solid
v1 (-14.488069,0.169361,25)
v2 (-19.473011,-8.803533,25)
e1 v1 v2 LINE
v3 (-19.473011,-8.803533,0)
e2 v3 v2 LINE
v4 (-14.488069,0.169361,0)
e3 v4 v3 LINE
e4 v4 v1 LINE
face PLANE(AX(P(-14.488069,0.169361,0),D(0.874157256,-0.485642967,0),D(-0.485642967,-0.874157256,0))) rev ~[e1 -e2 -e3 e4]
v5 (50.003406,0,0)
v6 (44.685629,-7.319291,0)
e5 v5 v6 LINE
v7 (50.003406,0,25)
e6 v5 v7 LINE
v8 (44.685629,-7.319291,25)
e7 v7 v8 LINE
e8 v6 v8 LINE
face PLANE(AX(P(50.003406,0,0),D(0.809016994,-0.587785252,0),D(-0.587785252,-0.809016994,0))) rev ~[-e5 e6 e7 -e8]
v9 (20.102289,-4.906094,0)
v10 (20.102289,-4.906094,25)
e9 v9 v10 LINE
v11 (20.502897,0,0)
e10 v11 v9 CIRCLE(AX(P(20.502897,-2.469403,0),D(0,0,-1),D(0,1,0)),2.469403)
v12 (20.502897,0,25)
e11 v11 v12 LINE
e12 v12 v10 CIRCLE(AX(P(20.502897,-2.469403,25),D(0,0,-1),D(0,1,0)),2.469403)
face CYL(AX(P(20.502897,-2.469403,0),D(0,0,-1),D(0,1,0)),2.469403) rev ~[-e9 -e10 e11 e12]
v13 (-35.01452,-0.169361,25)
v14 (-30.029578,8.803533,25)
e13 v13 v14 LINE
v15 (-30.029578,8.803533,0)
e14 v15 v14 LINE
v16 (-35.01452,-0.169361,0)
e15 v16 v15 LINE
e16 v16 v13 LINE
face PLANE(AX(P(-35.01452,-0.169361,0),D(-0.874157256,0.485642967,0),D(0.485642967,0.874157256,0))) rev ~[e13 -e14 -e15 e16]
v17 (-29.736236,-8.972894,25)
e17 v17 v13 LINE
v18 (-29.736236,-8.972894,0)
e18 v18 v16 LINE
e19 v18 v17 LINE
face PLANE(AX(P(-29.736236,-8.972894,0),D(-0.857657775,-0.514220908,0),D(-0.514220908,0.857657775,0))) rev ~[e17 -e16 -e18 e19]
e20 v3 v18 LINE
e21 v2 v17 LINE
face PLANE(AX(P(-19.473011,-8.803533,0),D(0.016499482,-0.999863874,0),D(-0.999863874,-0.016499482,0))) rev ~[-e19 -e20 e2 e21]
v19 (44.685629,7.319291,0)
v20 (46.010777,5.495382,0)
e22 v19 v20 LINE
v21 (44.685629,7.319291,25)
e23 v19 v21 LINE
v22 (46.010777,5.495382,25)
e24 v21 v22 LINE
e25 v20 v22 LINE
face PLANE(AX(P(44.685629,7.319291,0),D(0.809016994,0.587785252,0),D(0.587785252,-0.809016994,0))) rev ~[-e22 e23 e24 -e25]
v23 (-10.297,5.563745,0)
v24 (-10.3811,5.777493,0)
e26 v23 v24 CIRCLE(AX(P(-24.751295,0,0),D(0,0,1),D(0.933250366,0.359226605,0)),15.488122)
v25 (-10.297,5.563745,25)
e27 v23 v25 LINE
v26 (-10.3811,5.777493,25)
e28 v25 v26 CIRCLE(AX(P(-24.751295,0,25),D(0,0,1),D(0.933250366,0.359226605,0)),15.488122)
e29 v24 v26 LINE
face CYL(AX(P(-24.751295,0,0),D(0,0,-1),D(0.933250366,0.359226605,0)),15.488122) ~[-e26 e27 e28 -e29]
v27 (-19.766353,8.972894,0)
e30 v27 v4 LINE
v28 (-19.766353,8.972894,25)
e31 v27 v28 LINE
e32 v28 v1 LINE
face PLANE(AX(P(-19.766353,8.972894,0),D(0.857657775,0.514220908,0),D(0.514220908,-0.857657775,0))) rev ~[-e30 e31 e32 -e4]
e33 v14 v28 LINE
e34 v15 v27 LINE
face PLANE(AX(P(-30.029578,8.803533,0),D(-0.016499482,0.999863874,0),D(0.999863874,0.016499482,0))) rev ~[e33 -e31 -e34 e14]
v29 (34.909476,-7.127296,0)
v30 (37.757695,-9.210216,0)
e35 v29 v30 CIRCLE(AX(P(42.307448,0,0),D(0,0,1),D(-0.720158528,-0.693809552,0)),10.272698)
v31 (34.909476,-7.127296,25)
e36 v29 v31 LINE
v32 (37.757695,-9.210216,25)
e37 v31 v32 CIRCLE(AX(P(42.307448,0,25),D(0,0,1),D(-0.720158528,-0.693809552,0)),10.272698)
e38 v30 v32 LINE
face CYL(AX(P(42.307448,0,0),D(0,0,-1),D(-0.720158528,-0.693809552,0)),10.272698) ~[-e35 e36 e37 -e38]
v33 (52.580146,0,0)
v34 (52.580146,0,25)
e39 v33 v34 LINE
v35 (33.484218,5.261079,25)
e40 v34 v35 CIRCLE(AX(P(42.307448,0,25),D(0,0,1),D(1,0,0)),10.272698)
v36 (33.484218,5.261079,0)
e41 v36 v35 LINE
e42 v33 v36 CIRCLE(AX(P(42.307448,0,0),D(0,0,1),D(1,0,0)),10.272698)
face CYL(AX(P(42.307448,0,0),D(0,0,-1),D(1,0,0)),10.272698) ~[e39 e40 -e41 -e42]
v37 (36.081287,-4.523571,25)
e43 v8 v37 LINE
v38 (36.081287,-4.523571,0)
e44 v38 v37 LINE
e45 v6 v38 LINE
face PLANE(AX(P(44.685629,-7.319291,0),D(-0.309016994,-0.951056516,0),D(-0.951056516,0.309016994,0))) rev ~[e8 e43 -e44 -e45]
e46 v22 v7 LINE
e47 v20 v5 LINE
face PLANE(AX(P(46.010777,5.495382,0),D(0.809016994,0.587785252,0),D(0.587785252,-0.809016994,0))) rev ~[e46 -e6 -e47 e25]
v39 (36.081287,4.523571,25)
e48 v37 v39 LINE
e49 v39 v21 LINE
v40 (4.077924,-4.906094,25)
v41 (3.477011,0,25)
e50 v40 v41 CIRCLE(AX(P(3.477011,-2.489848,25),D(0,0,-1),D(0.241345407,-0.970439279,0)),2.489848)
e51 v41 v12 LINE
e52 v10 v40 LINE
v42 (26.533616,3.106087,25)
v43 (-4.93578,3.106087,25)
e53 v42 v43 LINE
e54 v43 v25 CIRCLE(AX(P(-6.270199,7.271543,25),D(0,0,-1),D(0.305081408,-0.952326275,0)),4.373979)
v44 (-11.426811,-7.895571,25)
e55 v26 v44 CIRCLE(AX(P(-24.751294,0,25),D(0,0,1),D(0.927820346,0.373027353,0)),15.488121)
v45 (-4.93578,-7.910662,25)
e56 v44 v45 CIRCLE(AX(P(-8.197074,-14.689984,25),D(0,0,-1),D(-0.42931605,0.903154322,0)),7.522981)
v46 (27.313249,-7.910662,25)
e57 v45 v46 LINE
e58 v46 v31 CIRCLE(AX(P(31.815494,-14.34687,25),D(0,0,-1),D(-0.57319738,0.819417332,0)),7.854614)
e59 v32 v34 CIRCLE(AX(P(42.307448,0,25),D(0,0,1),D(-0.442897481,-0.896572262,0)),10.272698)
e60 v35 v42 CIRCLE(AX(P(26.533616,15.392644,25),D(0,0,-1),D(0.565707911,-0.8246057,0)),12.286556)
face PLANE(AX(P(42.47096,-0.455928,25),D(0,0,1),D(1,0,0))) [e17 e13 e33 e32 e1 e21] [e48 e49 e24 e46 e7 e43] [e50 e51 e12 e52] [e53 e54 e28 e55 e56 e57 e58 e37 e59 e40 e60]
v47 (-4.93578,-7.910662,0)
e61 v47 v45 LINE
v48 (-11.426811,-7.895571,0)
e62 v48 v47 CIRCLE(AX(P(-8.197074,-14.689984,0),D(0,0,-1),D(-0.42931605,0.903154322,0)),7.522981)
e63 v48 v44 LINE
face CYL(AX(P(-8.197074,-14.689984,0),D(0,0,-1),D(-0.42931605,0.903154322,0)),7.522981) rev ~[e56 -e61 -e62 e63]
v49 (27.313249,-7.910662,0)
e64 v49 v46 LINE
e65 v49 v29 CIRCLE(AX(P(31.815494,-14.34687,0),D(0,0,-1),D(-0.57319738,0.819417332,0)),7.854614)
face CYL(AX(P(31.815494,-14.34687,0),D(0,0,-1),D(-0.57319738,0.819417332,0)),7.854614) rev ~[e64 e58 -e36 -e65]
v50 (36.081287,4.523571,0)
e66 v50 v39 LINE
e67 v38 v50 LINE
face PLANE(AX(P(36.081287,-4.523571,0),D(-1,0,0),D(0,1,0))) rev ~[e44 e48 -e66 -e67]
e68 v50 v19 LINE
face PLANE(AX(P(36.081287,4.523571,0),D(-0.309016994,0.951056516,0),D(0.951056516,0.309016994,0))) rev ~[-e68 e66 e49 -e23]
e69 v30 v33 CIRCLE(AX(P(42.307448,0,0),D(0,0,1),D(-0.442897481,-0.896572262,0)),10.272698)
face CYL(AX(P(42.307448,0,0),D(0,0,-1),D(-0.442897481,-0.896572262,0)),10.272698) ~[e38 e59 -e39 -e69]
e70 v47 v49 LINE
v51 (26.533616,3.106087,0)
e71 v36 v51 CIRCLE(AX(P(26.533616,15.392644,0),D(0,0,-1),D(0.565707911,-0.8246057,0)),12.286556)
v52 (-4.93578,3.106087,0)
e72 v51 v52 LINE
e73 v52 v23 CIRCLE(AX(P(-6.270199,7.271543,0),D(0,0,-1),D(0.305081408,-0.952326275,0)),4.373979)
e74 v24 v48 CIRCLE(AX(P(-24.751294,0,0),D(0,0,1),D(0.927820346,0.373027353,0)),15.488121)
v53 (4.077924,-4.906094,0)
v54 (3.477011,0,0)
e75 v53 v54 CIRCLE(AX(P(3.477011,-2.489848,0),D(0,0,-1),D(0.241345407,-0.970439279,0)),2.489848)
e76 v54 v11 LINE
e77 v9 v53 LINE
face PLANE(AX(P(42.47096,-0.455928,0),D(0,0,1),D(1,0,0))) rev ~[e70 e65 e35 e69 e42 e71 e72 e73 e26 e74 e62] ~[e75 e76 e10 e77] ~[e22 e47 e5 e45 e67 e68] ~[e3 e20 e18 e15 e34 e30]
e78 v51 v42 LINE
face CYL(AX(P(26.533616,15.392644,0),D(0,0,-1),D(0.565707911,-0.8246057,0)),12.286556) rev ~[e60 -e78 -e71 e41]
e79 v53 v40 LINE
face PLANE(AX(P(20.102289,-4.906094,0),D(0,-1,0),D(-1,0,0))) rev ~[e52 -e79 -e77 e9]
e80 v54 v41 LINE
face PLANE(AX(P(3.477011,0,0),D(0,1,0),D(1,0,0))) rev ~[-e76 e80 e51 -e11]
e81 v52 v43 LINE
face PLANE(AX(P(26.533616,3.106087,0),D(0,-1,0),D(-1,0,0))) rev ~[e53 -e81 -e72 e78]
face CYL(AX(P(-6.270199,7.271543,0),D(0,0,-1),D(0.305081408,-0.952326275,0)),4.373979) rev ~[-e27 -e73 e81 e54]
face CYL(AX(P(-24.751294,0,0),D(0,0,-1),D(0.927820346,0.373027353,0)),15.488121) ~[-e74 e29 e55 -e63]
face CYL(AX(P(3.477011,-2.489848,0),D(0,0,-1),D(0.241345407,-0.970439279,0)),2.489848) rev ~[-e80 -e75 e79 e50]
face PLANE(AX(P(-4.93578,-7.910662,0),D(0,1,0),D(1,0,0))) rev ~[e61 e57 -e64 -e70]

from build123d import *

# Parameters (mm, degrees)
F1_DEPTH = 25


with BuildPart() as f1:
    # F0 (on Top) → F1 (new body)
    with BuildSketch(Plane.XY):
        with BuildLine():
            ThreePointArc((37.7576954416, -9.2102163582), (47.7291677906, -8.725438733), (52.5801459464, 0))
            ThreePointArc((52.5801459464, 0), (45.0359965694, 9.9037039133), (33.4842184117, 5.2610793948))
            ThreePointArc((33.4842184117, 5.2610793948), (32.1020667525, -1.1741087466), (34.9094763525, -7.1272962089))
            ThreePointArc((34.9094763525, -7.1272962089), (36.4520652966, -8.0067456142), (37.7576954416, -9.2102163582))
        make_face()
        Polygon((46.0107769178, 5.4953820164), (50.0034056604, 0), (44.6856294577, -7.3192910224), (36.0812868173, -4.5235706254), (36.0812868173, 4.5235706254), (44.6856294577, 7.3192910224), align=None, mode=Mode.SUBTRACT)
        with BuildLine():
            ThreePointArc((34.9094763525, -7.1272962089), (32.1020667525, -1.1741087466), (33.4842184117, 5.2610793948))
            ThreePointArc((33.4842184117, 5.2610793948), (30.1721208062, 3.6571952775), (26.53361631, 3.1060874462))
            Line((26.53361631, 3.1060874462), (-4.9357796088, 3.1060874462))
            ThreePointArc((-4.9357796088, 3.1060874462), (-8.0929029993, 3.2954334717), (-10.29699962, 5.5637452022))
            ThreePointArc((-10.29699962, 5.5637452022), (-9.5238230465, 2.8294901369), (-9.2631732017, 0))
            ThreePointArc((-9.2631732017, 0), (-9.8138730709, -4.0933289992), (-11.4268110085, -7.8955709497))
            ThreePointArc((-11.4268110085, -7.8955709497), (-8.1795839214, -7.1670230809), (-4.9357796088, -7.9106623307))
            Line((-4.9357796088, -7.9106623307), (27.3132491857, -7.9106623307))
            ThreePointArc((27.3132491857, -7.9106623307), (31.0097542861, -6.533691424), (34.9094763525, -7.1272962089))
        make_face()
        with BuildLine():
            ThreePointArc((4.0779244155, -4.9060937017), (1.0056323331, -2.7925497007), (3.4770111088, 0))
            Line((3.4770111088, 0), (20.5028969795, 0))
            ThreePointArc((20.5028969795, 0), (22.9641081907, -2.6703736104), (20.102288574, -4.9060937017))
            Line((20.102288574, -4.9060937017), (4.0779244155, -4.9060937017))
        make_face(mode=Mode.SUBTRACT)
        with BuildLine():
            ThreePointArc((34.9094763525, -7.1272962089), (36.2434833253, -8.2919640144), (37.7576954416, -9.2102163582))
            ThreePointArc((37.7576954416, -9.2102163582), (36.4520652966, -8.0067456142), (34.9094763525, -7.1272962089))
        make_face()
        with BuildLine():
            ThreePointArc((-10.3811004349, 5.7774928533), (-10.3404533777, 5.6700668678), (-10.29699962, 5.5637452022))
            ThreePointArc((-10.29699962, 5.5637452022), (-10.3386537721, 5.6707749377), (-10.3811004349, 5.7774928533))
        make_face()
        with BuildLine():
            ThreePointArc((-9.2631732017, 0), (-9.5238230465, 2.8294901369), (-10.29699962, 5.5637452022))
            ThreePointArc((-10.29699962, 5.5637452022), (-10.3404533777, 5.6700668678), (-10.3811004349, 5.7774928533))
            ThreePointArc((-10.3811004349, 5.7774928533), (-40.1943173282, 1.1810763551), (-11.4268110085, -7.8955709497))
            ThreePointArc((-11.4268110085, -7.8955709497), (-9.8138730709, -4.0933289992), (-9.2631732017, 0))
        make_face()
        Polygon((-19.7663526565, 8.9728942857), (-14.4880691335, 0.1693609529), (-19.4730108813, -8.8035333329), (-29.7362361521, -8.9728942857), (-35.0145196751, -0.1693609529), (-30.0295779273, 8.8035333329), align=None, mode=Mode.SUBTRACT)
    extrude(amount=F1_DEPTH)


solid = f1.part
